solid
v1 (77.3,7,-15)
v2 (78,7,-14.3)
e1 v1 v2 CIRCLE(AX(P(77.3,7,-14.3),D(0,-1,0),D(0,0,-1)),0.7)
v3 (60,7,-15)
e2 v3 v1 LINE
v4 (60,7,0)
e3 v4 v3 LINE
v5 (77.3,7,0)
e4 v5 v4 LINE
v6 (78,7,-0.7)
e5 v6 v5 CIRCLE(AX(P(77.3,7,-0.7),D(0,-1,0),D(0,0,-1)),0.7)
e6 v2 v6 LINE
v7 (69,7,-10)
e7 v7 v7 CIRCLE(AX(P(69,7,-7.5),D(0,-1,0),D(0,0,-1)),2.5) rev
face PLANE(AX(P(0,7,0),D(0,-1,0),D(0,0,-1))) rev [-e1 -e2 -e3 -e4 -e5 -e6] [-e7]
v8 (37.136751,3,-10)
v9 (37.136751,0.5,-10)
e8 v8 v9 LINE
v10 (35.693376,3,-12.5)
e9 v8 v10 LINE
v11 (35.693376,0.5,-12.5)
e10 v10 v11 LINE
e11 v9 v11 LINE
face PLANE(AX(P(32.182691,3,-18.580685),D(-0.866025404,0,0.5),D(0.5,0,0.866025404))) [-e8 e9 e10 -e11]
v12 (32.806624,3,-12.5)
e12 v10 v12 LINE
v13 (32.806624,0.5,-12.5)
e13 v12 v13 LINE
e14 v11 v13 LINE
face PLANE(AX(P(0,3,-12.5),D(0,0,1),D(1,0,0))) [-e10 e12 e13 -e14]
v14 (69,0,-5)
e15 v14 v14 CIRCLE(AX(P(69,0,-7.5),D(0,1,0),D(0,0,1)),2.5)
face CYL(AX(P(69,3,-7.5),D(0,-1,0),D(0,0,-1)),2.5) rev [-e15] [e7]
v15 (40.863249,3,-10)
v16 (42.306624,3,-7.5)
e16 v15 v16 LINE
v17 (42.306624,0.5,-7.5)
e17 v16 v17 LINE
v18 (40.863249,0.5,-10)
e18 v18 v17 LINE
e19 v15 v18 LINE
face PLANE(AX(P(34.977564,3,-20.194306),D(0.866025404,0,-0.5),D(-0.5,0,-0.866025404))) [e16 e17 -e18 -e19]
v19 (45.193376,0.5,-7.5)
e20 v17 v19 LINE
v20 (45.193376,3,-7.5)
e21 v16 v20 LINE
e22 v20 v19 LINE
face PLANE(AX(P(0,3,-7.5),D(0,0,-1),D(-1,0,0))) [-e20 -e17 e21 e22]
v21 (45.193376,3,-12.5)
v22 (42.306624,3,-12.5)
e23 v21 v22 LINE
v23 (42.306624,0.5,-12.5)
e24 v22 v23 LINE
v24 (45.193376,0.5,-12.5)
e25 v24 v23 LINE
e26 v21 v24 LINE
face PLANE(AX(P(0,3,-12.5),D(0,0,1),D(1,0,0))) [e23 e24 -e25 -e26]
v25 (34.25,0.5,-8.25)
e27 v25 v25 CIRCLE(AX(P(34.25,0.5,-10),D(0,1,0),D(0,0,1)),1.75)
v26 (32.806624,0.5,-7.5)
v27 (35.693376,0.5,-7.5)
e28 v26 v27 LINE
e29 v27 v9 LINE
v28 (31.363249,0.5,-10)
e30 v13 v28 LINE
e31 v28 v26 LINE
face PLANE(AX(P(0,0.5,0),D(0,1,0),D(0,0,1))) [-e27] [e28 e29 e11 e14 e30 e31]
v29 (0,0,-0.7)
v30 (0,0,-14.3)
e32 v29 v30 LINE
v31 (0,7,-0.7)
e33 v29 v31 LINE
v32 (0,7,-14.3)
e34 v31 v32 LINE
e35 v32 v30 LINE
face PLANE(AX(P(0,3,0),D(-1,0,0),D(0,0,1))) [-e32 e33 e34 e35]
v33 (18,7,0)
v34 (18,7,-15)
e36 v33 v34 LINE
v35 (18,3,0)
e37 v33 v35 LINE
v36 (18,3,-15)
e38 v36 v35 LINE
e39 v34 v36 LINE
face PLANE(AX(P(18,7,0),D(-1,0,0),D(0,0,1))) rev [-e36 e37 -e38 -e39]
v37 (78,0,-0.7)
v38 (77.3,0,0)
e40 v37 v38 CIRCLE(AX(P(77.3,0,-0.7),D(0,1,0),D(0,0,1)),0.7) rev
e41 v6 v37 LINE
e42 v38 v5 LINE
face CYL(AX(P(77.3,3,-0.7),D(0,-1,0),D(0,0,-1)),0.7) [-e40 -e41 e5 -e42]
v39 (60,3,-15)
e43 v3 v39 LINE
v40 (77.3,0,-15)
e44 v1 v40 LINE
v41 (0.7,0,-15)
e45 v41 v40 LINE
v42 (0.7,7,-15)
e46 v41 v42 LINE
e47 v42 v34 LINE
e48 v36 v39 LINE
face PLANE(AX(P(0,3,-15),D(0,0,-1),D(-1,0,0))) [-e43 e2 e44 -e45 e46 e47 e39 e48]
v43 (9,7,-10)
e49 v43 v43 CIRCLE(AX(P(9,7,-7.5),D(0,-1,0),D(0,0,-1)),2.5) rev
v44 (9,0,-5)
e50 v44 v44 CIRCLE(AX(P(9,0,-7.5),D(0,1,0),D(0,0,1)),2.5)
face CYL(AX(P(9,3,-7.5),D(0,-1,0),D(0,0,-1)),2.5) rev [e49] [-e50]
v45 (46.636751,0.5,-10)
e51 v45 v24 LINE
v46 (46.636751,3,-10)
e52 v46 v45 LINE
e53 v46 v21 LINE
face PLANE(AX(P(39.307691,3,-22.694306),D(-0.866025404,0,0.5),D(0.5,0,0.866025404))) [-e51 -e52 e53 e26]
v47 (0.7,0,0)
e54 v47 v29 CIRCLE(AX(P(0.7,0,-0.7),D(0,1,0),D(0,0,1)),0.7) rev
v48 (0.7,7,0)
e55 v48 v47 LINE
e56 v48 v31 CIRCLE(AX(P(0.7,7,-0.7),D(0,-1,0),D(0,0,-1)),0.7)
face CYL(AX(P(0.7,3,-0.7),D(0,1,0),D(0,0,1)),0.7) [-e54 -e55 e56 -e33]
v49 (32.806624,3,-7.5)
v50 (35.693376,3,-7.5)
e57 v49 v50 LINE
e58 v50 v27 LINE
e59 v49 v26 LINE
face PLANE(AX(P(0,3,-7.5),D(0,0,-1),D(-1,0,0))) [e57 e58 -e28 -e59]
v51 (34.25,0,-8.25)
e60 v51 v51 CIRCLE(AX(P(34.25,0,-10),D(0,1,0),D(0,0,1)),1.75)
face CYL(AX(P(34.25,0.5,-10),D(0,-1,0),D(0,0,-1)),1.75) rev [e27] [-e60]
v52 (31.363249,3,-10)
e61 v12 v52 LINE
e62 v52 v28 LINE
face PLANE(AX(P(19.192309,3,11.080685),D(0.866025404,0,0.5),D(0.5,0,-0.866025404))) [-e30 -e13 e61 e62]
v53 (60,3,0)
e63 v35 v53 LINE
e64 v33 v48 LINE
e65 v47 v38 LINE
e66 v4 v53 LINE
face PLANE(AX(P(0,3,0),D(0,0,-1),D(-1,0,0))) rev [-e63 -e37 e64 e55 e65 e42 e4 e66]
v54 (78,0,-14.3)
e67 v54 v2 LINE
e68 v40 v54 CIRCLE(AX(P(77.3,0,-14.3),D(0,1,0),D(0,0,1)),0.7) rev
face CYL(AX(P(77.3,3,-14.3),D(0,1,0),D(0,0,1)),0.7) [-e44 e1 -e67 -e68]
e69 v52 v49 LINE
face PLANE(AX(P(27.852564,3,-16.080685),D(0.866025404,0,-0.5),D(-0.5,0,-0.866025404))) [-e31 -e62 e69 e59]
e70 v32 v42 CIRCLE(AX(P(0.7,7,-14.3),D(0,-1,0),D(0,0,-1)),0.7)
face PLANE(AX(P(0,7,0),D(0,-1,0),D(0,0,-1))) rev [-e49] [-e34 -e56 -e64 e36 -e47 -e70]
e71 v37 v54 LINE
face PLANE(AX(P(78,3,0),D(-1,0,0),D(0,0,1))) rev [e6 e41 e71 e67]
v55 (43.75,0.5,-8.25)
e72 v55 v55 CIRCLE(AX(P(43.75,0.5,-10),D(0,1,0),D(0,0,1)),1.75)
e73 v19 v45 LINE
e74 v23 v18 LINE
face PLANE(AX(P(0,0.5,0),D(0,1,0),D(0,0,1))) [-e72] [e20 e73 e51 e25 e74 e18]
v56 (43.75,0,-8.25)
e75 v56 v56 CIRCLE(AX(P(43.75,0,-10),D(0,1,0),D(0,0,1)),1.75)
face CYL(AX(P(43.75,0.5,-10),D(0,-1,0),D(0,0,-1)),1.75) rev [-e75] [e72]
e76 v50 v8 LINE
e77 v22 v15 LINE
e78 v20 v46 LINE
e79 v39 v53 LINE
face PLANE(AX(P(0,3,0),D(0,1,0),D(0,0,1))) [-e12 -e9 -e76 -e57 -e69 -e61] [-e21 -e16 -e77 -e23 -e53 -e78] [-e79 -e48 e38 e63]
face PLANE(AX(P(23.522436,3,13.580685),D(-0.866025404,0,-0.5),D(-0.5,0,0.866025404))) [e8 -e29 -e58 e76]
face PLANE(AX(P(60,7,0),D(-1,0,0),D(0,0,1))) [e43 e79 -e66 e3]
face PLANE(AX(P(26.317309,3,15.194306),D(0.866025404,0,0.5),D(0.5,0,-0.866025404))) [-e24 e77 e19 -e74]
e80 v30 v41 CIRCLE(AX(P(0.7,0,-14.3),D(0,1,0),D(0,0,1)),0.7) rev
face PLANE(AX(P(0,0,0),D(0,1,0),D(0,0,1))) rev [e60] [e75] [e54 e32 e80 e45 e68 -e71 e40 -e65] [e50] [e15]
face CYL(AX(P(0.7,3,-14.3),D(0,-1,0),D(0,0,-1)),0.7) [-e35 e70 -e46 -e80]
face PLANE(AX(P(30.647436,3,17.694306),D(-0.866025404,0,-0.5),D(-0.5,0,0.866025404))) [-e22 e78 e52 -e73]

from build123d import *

# Parameters (mm, degrees)
SKETCH1_W           = 78
SKETCH1_H           = 15
SKETCH1_R           = 2.5
BOSS_EXTRUDE1_DEPTH = 3
SKETCH1_3_R         = 1.75
BOSS_EXTRUDE2_DEPTH = 0.5
FILLET1_R           = 0.7
BOSS_EXTRUDE3_START = -7
SKETCH2_R           = 2.5
BOSS_EXTRUDE3_DEPTH = 7


with BuildPart() as part:
    # Sketch1 → Boss-Extrude1 (new body)
    with BuildSketch(Plane(origin=(0, 0, 0), x_dir=(1, 0, 0), z_dir=(0, 1, 0))):
        with Locations((39, 7.5)):
            Rectangle(SKETCH1_W, SKETCH1_H)
        with Locations((9, 7.5)):
            Circle(SKETCH1_R, mode=Mode.SUBTRACT)
        Polygon((31.363249, 10), (32.806624, 12.5), (35.693376, 12.5), (37.136751, 10), (35.693376, 7.5), (32.806624, 7.5), align=None, mode=Mode.SUBTRACT)
        Polygon((42.306624, 12.5), (45.193376, 12.5), (46.636751, 10), (45.193376, 7.5), (42.306624, 7.5), (40.863249, 10), align=None, mode=Mode.SUBTRACT)
        with Locations((69, 7.5)):
            Circle(SKETCH1_R, mode=Mode.SUBTRACT)
    extrude(amount=BOSS_EXTRUDE1_DEPTH)

    # Sketch1<3> → Boss-Extrude2 (add)
    # profile 1 of 2: a face of its own
    with BuildSketch(Plane(origin=(0, 0, 0), x_dir=(1, 0, 0), z_dir=(0, 1, 0))):
        Polygon((35.693376, 12.5), (32.806624, 12.5), (31.363249, 10), (32.806624, 7.5), (35.693376, 7.5), (37.136751, 10), align=None)
        with Locations((34.25, 10)):
            Circle(SKETCH1_3_R, mode=Mode.SUBTRACT)
    # profile 2 of 2: a face of its own
    with BuildSketch(Plane(origin=(0, 0, 0), x_dir=(1, 0, 0), z_dir=(0, 1, 0))):
        Polygon((46.636751, 10), (45.193376, 12.5), (42.306624, 12.5), (40.863249, 10), (42.306624, 7.5), (45.193376, 7.5), align=None)
        with Locations((43.75, 10)):
            Circle(SKETCH1_3_R, mode=Mode.SUBTRACT)
    extrude(amount=BOSS_EXTRUDE2_DEPTH)

    # Fillet1
    fillet1_edges = [part.edges().sort_by_distance(p)[0] for p in [
        (78, 1.5, -15),
        (78, 1.5, 0),
        (0, 1.5, 0),
        (0, 1.5, -15),
    ]]
    fillet(fillet1_edges, radius=FILLET1_R)

    # Sketch2 → Boss-Extrude3 (add)
    # profile 1 of 2: a face of its own
    with BuildSketch(Plane(origin=(0, 0, 0), x_dir=(-1, 0, 0), z_dir=(0, -1, 0)).offset(BOSS_EXTRUDE3_START)):
        with BuildLine():
            Line((-77.3, 0), (-60, 0))
            Line((-60, 0), (-60, 15))
            Line((-60, 15), (-77.3, 15))
            ThreePointArc((-77.3, 15), (-77.794975, 14.794975), (-78, 14.3))
            Line((-78, 14.3), (-78, 0.7))
            ThreePointArc((-78, 0.7), (-77.794975, 0.205025), (-77.3, 0))
        make_face()
        with Locations((-69, 7.5)):
            Circle(SKETCH2_R, mode=Mode.SUBTRACT)
    # profile 2 of 2: a face of its own
    with BuildSketch(Plane(origin=(0, 0, 0), x_dir=(-1, 0, 0), z_dir=(0, -1, 0)).offset(BOSS_EXTRUDE3_START)):
        with BuildLine():
            Line((-18, 15), (-18, 0))
            Line((-18, 0), (-0.7, 0))
            ThreePointArc((-0.7, 0), (-0.205025, 0.205025), (0, 0.7))
            Line((0, 0.7), (0, 14.3))
            ThreePointArc((0, 14.3), (-0.205025, 14.794975), (-0.7, 15))
            Line((-0.7, 15), (-18, 15))
        make_face()
        with Locations((-9, 7.5)):
            Circle(SKETCH2_R, mode=Mode.SUBTRACT)
    extrude(amount=BOSS_EXTRUDE3_DEPTH)


solid = part.part
